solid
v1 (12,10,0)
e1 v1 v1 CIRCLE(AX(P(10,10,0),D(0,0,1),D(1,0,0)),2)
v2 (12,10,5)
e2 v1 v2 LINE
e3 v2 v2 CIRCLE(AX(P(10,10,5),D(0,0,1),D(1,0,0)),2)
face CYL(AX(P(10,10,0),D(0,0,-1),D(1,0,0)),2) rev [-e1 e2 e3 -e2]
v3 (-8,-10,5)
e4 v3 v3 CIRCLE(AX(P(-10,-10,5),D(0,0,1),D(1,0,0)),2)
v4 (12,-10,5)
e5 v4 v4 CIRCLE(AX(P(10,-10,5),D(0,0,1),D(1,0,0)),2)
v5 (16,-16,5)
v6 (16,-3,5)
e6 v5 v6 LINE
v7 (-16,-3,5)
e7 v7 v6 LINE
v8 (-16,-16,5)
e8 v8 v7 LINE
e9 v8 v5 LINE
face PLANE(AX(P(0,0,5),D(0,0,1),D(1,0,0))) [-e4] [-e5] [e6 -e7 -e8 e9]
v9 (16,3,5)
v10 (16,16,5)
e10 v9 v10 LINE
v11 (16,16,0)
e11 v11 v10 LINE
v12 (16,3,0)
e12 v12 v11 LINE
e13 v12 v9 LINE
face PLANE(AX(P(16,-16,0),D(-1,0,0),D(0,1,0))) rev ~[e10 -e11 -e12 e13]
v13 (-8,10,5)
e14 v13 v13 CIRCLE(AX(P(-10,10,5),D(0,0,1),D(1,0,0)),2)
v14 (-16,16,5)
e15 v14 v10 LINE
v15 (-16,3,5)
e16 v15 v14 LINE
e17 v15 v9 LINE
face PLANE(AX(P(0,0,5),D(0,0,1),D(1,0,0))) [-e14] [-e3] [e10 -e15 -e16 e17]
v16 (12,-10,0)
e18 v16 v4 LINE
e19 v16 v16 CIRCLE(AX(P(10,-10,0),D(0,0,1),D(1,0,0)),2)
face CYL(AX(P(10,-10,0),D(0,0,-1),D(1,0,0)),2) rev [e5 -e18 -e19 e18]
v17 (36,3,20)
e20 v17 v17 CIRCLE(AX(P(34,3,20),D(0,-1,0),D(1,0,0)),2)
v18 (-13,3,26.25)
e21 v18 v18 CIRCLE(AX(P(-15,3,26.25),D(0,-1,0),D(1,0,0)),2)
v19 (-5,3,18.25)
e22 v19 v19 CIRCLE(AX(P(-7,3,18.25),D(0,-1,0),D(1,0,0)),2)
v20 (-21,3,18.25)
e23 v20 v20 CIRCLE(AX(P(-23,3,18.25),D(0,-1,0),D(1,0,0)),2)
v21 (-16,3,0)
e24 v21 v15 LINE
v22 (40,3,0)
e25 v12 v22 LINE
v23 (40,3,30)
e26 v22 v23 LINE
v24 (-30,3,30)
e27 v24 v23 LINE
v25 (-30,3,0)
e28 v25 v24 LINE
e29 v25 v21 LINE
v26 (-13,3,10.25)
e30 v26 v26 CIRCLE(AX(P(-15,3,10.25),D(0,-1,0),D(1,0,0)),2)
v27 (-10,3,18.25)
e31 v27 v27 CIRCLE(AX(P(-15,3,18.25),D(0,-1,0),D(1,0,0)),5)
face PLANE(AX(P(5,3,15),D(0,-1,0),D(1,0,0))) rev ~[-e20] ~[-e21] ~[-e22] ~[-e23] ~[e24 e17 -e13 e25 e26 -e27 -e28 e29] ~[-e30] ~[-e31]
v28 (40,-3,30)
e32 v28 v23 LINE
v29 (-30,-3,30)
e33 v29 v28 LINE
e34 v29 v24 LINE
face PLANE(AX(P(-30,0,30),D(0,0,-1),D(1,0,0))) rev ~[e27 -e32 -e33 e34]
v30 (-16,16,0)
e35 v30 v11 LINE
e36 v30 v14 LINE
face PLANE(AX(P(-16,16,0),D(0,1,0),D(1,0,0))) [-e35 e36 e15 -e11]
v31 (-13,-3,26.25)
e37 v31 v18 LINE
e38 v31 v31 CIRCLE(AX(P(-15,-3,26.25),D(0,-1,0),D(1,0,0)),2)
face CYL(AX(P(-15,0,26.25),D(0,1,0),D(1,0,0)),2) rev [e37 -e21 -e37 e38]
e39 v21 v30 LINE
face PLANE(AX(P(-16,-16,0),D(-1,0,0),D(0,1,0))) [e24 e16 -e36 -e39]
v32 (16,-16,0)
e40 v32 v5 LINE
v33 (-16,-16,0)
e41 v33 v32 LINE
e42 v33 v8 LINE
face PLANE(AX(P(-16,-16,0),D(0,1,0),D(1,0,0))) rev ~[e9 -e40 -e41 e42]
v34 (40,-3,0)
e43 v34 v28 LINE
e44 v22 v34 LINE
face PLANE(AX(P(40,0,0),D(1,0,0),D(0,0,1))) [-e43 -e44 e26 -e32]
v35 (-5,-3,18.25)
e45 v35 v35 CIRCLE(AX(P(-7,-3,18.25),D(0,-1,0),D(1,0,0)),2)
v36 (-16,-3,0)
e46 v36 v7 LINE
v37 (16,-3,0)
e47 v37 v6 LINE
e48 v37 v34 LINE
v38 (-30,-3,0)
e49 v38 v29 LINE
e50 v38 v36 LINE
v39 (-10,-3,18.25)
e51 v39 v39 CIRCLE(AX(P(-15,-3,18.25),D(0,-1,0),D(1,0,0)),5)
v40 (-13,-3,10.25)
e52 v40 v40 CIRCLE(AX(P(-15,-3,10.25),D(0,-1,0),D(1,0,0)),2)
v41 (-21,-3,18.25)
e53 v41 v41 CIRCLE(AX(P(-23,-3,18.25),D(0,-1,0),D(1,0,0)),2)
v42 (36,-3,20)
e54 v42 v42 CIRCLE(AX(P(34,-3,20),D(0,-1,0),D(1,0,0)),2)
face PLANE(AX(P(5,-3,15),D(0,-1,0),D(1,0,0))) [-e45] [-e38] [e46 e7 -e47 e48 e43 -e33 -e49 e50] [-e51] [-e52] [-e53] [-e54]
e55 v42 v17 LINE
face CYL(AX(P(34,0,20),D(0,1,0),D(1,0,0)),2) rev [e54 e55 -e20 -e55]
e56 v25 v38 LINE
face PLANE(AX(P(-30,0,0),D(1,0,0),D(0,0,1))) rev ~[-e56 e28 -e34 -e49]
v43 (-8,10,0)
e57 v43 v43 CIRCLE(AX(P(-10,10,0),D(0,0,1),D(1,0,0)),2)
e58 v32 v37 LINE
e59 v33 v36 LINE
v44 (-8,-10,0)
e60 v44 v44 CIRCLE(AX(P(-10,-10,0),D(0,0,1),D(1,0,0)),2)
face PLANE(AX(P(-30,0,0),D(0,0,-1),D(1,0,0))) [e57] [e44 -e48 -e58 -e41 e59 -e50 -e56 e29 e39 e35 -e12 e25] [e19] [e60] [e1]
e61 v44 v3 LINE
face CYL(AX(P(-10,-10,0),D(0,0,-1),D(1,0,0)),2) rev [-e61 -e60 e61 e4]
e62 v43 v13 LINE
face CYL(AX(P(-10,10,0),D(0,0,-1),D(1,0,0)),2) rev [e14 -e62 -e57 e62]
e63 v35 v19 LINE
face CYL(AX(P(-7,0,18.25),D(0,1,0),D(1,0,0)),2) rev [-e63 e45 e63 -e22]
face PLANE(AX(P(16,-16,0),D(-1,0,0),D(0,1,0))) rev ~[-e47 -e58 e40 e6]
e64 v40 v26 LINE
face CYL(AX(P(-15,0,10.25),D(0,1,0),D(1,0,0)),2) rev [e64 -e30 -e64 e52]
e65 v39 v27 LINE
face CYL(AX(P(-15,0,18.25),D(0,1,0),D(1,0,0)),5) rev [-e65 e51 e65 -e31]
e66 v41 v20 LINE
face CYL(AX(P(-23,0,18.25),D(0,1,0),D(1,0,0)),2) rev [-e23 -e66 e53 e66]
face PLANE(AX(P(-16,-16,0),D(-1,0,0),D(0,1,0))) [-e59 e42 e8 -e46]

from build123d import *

# Parameters (mm, degrees)
F0_W     = 32
F0_H     = 32
F0_R     = 2
F1_DEPTH = 5
F2_W     = 70
F2_H     = 30
F2_R     = 2
F2_R_2   = 5
F3_DEPTH = 3


with BuildPart() as f1:
    # F0 (on Top) → F1 (new body)
    with BuildSketch(Plane.XY):
        Rectangle(F0_W, F0_H)
        with Locations((-10, -10)):
            Circle(F0_R, mode=Mode.SUBTRACT)
        with Locations((10, -10)):
            Circle(F0_R, mode=Mode.SUBTRACT)
        with Locations((-10, 10)):
            Circle(F0_R, mode=Mode.SUBTRACT)
        with Locations((10, 10)):
            Circle(F0_R, mode=Mode.SUBTRACT)
    extrude(amount=F1_DEPTH)

    # F2 (on Front) → F3 (join, symmetric)
    with BuildSketch(Plane.XZ):
        with Locations((5, 15)):
            Rectangle(F2_W, F2_H)
        with Locations((-15, 10.25)):
            Circle(F2_R, mode=Mode.SUBTRACT)
        with Locations((-23, 18.25)):
            Circle(F2_R, mode=Mode.SUBTRACT)
        with Locations((-15, 18.25)):
            Circle(F2_R_2, mode=Mode.SUBTRACT)
        with Locations((-7, 18.25)):
            Circle(F2_R, mode=Mode.SUBTRACT)
        with Locations((-15, 26.25)):
            Circle(F2_R, mode=Mode.SUBTRACT)
        with Locations((34, 20)):
            Circle(F2_R, mode=Mode.SUBTRACT)
    extrude(amount=F3_DEPTH, both=True)


solid = f1.part
